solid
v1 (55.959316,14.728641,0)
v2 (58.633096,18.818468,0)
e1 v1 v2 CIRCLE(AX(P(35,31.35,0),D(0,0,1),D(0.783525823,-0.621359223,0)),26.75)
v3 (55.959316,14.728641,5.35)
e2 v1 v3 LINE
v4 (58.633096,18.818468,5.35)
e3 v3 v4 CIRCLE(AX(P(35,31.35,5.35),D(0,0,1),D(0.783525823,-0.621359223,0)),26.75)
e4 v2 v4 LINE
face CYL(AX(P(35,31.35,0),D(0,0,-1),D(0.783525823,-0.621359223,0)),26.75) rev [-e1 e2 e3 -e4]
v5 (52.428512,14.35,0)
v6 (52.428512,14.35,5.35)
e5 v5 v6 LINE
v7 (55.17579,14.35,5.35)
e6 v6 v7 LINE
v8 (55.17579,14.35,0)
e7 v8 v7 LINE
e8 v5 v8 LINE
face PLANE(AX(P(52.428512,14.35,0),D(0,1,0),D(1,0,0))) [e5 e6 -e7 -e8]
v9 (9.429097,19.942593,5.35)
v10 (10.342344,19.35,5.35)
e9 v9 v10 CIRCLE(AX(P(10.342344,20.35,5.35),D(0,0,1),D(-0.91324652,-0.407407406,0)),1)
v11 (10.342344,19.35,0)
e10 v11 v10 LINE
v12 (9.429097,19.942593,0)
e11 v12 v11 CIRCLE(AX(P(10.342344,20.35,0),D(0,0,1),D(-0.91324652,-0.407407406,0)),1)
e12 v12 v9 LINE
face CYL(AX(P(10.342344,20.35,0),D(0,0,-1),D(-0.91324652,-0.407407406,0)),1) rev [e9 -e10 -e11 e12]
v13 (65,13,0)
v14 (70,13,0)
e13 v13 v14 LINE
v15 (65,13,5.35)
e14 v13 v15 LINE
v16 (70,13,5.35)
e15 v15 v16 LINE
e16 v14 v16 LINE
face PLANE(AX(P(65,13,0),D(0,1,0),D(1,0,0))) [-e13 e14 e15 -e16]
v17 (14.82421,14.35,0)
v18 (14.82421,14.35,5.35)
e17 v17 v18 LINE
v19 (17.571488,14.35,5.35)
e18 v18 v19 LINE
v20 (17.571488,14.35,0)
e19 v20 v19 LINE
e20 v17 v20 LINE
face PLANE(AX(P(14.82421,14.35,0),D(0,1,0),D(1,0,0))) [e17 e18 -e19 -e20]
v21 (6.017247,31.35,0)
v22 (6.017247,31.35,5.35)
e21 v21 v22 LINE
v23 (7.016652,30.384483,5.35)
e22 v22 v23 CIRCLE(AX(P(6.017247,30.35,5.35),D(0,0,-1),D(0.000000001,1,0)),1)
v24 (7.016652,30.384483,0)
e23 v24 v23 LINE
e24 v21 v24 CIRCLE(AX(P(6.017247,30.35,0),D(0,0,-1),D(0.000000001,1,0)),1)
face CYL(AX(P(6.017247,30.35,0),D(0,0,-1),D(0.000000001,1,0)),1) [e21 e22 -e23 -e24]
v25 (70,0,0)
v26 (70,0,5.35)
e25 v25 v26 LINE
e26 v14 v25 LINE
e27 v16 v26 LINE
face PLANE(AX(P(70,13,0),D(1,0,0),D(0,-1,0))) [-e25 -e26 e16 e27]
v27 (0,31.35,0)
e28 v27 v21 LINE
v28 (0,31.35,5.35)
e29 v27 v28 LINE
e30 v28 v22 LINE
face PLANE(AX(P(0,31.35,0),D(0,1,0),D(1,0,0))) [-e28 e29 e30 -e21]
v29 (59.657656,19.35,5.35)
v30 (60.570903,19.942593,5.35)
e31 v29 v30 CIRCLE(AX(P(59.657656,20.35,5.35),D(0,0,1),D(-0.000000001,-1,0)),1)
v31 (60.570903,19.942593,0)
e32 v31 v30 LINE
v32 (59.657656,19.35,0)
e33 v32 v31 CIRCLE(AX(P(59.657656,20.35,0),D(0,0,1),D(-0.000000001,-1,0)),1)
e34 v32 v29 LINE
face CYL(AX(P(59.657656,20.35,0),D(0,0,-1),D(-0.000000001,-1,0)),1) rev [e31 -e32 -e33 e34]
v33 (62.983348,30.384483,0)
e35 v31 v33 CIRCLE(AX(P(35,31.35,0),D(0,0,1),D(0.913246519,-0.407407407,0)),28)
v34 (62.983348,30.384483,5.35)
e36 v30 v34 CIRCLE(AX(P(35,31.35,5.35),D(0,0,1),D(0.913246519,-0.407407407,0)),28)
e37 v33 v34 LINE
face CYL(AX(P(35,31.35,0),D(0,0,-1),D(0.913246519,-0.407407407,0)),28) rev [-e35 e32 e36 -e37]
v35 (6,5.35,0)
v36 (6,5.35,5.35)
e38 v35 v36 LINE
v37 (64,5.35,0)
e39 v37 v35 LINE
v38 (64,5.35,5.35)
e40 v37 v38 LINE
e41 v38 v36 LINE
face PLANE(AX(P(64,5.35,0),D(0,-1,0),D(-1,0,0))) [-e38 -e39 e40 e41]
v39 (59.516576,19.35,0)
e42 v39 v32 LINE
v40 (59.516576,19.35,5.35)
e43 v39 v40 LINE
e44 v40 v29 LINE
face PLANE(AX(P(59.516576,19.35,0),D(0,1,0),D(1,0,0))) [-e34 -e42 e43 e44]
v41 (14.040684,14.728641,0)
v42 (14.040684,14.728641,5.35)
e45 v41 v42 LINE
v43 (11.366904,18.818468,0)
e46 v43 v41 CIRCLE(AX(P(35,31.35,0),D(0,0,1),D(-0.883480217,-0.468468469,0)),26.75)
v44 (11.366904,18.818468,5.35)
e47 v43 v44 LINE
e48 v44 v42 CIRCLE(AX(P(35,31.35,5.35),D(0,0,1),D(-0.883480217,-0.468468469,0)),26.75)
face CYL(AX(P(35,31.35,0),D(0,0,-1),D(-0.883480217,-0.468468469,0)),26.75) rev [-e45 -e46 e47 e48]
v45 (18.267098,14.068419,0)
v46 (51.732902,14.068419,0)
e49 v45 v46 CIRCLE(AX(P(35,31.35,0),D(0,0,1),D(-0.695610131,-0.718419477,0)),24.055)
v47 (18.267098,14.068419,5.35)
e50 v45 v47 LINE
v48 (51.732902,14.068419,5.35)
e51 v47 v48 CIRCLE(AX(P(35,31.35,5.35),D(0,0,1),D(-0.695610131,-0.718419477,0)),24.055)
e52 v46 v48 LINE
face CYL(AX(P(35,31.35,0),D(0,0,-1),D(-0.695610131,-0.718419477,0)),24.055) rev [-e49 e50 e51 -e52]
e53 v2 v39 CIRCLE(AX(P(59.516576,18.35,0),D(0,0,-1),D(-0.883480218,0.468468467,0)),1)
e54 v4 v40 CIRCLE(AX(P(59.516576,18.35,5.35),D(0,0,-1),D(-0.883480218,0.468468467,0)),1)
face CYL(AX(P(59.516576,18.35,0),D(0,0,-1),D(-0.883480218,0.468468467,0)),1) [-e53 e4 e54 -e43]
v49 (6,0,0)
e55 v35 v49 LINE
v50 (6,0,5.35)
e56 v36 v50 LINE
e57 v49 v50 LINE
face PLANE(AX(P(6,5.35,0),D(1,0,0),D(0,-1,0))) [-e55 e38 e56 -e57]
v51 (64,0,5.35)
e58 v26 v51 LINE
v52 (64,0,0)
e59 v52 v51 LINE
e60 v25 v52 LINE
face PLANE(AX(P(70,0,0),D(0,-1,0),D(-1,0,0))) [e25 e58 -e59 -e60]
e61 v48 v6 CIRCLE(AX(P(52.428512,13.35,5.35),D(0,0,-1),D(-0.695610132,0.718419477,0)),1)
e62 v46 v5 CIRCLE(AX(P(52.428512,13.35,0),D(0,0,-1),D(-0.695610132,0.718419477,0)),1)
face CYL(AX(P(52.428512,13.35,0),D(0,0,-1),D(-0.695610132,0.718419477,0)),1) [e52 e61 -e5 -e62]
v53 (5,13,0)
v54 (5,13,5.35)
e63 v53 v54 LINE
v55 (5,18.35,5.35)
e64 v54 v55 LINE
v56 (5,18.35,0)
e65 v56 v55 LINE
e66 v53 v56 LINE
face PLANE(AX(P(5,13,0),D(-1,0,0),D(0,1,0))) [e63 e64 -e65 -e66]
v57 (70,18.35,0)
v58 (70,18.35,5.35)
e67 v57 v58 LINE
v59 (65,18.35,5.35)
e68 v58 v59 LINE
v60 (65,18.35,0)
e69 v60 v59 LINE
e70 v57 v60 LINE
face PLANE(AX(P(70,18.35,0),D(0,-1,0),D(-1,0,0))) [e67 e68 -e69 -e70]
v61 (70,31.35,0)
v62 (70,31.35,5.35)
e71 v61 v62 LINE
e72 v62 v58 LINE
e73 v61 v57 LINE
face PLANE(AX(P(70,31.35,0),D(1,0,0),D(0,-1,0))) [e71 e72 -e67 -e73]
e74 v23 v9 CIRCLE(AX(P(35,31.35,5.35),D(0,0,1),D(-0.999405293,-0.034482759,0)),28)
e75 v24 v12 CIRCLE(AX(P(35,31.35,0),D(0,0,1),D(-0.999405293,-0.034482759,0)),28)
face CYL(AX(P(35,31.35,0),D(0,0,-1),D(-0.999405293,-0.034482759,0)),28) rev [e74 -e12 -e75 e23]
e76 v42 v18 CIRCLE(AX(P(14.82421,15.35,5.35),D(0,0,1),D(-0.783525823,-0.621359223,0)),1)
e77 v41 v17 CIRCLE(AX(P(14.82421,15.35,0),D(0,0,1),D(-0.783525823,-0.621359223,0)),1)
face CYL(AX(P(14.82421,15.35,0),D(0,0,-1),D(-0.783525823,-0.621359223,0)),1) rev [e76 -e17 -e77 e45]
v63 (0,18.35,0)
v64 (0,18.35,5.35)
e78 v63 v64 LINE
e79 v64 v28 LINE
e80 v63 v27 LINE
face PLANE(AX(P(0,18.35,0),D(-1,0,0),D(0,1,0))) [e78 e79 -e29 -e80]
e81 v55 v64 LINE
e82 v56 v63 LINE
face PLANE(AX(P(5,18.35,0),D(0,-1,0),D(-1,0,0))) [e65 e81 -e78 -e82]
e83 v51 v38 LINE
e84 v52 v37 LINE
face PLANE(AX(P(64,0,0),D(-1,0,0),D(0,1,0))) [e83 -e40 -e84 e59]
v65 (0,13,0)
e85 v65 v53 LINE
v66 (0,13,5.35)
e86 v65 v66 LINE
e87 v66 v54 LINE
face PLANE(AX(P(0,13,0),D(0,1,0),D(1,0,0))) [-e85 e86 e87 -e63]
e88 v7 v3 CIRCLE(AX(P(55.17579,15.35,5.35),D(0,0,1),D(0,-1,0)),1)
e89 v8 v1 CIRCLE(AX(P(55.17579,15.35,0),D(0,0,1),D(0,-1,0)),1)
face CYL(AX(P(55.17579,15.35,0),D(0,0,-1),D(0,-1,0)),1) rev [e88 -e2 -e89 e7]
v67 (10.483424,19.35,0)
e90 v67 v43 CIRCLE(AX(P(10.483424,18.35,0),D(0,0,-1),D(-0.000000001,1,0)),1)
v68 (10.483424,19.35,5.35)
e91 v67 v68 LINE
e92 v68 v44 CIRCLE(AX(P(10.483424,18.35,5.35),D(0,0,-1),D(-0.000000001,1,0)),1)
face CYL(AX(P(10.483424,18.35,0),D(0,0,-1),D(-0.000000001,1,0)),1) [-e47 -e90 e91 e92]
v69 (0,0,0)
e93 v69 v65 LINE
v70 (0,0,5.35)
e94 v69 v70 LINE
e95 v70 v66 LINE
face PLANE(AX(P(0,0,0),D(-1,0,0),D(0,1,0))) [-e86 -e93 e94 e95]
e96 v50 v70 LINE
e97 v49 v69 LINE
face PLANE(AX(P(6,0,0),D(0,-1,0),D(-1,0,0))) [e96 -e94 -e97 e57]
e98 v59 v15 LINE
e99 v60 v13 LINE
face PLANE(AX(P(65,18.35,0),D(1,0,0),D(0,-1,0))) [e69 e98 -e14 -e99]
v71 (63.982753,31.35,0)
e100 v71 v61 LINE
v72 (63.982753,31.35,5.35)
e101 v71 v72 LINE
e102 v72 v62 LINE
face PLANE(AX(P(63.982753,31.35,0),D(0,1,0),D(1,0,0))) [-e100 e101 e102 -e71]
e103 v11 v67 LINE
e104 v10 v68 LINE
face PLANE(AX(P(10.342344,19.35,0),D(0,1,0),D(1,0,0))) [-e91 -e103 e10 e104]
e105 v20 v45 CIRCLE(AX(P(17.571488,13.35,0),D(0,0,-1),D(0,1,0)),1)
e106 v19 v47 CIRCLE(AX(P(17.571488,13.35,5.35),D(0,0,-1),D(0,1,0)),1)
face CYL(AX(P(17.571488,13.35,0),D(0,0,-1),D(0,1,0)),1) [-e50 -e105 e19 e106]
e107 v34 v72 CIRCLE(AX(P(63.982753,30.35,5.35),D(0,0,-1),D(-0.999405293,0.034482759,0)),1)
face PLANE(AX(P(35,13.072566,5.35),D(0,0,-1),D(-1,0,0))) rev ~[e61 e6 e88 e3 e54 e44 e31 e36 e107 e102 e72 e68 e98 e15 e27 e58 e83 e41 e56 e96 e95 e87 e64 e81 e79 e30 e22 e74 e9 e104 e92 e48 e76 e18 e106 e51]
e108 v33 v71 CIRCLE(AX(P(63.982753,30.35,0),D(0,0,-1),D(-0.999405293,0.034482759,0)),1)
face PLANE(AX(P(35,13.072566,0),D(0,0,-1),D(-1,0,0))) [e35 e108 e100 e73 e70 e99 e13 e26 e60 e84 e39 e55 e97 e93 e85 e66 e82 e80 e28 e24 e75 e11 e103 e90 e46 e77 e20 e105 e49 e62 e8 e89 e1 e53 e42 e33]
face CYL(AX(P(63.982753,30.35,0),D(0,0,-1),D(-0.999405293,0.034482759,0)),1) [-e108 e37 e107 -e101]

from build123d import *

# Parameters (mm, degrees)
BOSS_EXTRUDE1_DEPTH = 5.35


with BuildPart() as part:
    # Model → Boss-Extrude1 (new body)
    with BuildSketch(Plane.XY):
        with BuildLine():
            Line((10.342343988, 19.35), (10.483423975, 19.35))
            ThreePointArc((10.483423975, 19.35), (10.998948723, 19.20687469), (11.366904192, 18.818468468))
            ThreePointArc((11.366904192, 18.818468468), (12.610215159, 16.712376055), (14.040684229, 14.728640777))
            ThreePointArc((14.040684229, 14.728640777), (14.389100425, 14.449622517), (14.824210053, 14.35))
            Line((14.824210053, 14.35), (17.571488159, 14.35))
            ThreePointArc((17.571488159, 14.35), (17.946708443, 14.276935671), (18.26709829, 14.068419477))
            ThreePointArc((18.26709829, 14.068419477), (35, 7.295), (51.73290171, 14.068419477))
            ThreePointArc((51.73290171, 14.068419477), (52.053291557, 14.276935671), (52.428511841, 14.35))
            Line((52.428511841, 14.35), (55.175789947, 14.35))
            ThreePointArc((55.175789947, 14.35), (55.610899575, 14.449622517), (55.959315771, 14.728640777))
            ThreePointArc((55.959315771, 14.728640777), (57.389784841, 16.712376055), (58.633095808, 18.818468468))
            ThreePointArc((58.633095808, 18.818468468), (59.001051277, 19.20687469), (59.516576025, 19.35))
            Line((59.516576025, 19.35), (59.657656012, 19.35))
            ThreePointArc((59.657656012, 19.35), (60.201987066, 19.511129507), (60.570902531, 19.942592593))
            ThreePointArc((60.570902531, 19.942592593), (62.28136196, 25.047041201), (62.9833482, 30.384482759))
            ThreePointArc((62.9833482, 30.384482759), (63.287945159, 31.069194952), (63.982753492, 31.35))
            Line((63.982753492, 31.35), (70, 31.35))
            Line((70, 31.35), (70, 18.35))
            Line((70, 18.35), (65, 18.35))
            Line((65, 18.35), (65, 13))
            Line((65, 13), (70, 13))
            Line((70, 13), (70, 0))
            Line((70, 0), (64, 0))
            Line((64, 0), (64, 5.35))
            Line((64, 5.35), (6, 5.35))
            Line((6, 5.35), (6, 0))
            Line((6, 0), (0, 0))
            Line((0, 0), (0, 13))
            Line((0, 13), (5, 13))
            Line((5, 13), (5, 18.35))
            Line((5, 18.35), (0, 18.35))
            Line((0, 18.35), (0, 31.35))
            Line((0, 31.35), (6.017246508, 31.35))
            ThreePointArc((6.017246508, 31.35), (6.712054841, 31.069194952), (7.0166518, 30.384482759))
            ThreePointArc((7.0166518, 30.384482759), (7.71863804, 25.047041201), (9.429097469, 19.942592593))
            ThreePointArc((9.429097469, 19.942592593), (9.798012934, 19.511129507), (10.342343988, 19.35))
        make_face()
    extrude(amount=BOSS_EXTRUDE1_DEPTH)


solid = part.part
